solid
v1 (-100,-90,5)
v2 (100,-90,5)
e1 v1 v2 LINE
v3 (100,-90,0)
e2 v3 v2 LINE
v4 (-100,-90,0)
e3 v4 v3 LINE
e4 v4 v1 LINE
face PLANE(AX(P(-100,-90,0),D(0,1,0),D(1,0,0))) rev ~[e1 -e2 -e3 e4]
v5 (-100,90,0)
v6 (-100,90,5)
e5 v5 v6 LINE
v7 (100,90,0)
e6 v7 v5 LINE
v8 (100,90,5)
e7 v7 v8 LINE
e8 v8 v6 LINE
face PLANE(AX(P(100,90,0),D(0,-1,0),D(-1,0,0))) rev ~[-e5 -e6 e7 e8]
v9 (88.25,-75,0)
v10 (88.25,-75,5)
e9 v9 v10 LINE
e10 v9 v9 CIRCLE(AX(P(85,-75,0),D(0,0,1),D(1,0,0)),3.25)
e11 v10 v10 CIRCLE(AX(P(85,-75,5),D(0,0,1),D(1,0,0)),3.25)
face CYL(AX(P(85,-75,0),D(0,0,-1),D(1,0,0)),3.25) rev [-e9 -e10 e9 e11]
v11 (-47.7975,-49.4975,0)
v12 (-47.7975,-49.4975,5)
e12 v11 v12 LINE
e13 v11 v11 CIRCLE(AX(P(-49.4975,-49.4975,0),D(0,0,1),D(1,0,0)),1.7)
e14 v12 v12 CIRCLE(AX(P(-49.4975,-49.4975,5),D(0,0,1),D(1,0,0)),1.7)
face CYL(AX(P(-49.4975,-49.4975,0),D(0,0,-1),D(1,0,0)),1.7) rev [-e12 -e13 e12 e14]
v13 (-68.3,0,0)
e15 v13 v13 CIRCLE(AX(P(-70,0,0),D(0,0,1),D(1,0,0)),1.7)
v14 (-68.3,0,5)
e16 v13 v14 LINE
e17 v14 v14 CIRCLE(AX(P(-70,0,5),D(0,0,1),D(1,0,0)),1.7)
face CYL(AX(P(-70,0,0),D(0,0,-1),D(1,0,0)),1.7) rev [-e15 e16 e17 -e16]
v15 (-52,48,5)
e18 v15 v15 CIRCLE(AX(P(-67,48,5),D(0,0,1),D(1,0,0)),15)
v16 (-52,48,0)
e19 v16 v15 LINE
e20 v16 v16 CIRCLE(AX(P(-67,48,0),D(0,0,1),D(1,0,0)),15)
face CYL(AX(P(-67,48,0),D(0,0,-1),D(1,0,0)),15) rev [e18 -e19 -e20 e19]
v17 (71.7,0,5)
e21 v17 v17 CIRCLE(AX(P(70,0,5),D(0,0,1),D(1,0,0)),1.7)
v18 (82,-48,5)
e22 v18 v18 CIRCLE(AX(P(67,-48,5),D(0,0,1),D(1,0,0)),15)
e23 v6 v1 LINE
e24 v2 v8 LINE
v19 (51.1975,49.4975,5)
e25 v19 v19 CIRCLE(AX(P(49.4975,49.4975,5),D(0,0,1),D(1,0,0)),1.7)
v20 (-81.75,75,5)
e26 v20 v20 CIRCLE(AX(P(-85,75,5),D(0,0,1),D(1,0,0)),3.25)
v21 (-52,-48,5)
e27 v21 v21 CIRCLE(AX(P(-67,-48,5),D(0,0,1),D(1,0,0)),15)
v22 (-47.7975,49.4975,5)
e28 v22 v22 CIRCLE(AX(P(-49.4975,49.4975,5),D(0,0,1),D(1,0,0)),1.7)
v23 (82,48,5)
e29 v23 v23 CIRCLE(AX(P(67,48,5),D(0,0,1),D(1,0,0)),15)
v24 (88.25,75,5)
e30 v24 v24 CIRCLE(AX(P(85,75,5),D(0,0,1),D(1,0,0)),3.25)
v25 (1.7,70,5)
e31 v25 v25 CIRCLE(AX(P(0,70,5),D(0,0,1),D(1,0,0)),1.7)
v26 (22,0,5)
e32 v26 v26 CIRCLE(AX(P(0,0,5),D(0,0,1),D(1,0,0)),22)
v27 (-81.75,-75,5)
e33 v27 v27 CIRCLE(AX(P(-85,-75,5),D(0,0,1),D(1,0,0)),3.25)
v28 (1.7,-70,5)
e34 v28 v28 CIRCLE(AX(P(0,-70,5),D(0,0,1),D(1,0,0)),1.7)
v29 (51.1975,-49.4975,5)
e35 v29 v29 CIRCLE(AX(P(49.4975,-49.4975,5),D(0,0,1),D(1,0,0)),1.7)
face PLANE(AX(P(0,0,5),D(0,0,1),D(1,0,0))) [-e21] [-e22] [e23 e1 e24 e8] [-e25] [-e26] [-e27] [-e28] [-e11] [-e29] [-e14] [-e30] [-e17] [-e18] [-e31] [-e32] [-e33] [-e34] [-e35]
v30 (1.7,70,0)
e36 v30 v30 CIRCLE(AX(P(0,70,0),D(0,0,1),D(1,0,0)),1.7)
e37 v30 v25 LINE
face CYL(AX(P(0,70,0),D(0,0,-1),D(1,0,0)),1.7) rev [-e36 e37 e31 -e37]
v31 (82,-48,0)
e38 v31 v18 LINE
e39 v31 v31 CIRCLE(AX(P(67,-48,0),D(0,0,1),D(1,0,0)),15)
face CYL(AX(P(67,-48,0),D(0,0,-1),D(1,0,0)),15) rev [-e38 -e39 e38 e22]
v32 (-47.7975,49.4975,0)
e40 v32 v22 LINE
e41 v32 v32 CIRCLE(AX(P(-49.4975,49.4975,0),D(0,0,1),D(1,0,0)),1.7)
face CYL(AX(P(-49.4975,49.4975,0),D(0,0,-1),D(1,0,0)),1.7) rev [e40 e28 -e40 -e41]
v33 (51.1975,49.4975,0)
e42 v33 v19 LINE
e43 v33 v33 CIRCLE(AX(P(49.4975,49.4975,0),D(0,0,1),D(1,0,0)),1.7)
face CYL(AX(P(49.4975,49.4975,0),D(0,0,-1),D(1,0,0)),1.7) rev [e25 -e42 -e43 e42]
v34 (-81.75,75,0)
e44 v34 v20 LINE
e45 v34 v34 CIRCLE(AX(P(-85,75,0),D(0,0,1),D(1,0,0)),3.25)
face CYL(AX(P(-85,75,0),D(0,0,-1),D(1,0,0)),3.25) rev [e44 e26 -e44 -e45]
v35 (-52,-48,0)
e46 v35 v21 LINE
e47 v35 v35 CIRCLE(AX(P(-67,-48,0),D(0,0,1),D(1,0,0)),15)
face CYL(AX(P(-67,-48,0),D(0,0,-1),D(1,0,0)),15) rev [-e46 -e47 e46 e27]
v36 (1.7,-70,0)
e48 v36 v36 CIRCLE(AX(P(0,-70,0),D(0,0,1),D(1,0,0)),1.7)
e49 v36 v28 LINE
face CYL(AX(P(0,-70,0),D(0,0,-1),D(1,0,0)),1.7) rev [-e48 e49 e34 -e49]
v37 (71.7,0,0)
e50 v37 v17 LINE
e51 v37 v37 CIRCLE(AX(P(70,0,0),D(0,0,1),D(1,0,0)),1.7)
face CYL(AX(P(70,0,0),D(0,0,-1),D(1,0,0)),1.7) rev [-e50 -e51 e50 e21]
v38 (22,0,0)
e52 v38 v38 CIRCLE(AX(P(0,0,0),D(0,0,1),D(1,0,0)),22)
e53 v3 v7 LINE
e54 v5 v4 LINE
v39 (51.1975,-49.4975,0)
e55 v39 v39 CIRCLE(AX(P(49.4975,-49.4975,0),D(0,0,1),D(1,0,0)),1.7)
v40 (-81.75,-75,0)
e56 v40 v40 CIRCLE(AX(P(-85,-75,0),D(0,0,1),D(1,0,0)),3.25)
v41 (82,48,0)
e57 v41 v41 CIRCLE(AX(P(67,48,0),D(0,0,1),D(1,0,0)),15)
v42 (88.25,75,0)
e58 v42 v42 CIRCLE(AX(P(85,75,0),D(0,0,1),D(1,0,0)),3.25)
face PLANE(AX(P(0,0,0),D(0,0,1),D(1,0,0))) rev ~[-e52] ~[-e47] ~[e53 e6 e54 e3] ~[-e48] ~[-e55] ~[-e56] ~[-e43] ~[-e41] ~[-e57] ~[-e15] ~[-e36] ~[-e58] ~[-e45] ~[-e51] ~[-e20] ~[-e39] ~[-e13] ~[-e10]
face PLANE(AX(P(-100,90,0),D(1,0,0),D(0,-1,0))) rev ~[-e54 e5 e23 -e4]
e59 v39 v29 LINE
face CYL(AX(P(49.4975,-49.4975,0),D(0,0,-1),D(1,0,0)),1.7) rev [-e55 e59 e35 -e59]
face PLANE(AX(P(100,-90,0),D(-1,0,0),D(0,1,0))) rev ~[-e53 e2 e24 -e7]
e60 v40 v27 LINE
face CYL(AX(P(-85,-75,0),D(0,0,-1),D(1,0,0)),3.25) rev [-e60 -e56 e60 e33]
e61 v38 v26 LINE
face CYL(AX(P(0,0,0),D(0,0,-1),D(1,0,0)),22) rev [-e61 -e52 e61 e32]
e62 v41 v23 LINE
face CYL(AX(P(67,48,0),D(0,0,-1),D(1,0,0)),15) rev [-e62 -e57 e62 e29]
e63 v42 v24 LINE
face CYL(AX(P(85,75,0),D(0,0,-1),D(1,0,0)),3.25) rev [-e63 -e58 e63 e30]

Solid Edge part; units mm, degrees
sketch "Sketch1" plane through (0, 0, 0) normal (0, 0, 1) x (1, 0, 0)
  line L0 (-100, -90) -> (100, -90)
  line L1 (100, -90) -> (100, 90)
  line L2 (100, 90) -> (-100, 90)
  line L3 (-100, 90) -> (-100, -90)
  circle A0 centre (0, 0) radius 22
  circle A1 centre (-85, -75) radius 3.25
  circle A2 centre (-85, 75) radius 3.25
  circle A3 centre (85, -75) radius 3.25
  circle A4 centre (85, 75) radius 3.25
  circle A5 centre (70, 0) radius 1.7
  circle A6 centre (49.4975, 49.4975) radius 1.7
  circle A7 centre (0, 70) radius 1.7
  circle A8 centre (-49.4975, 49.4975) radius 1.7
  circle A9 centre (-70, 0) radius 1.7
  circle A10 centre (-49.4975, -49.4975) radius 1.7
  circle A11 centre (0, -70) radius 1.7
  circle A12 centre (49.4975, -49.4975) radius 1.7
  circle A13 centre (-67, -48) radius 15
  circle A14 centre (-67, 48) radius 15
  circle A15 centre (67, -48) radius 15
  circle A16 centre (67, 48) radius 15
extrude "Protrusion1" add sketch "Sketch1" along normal blind 5
